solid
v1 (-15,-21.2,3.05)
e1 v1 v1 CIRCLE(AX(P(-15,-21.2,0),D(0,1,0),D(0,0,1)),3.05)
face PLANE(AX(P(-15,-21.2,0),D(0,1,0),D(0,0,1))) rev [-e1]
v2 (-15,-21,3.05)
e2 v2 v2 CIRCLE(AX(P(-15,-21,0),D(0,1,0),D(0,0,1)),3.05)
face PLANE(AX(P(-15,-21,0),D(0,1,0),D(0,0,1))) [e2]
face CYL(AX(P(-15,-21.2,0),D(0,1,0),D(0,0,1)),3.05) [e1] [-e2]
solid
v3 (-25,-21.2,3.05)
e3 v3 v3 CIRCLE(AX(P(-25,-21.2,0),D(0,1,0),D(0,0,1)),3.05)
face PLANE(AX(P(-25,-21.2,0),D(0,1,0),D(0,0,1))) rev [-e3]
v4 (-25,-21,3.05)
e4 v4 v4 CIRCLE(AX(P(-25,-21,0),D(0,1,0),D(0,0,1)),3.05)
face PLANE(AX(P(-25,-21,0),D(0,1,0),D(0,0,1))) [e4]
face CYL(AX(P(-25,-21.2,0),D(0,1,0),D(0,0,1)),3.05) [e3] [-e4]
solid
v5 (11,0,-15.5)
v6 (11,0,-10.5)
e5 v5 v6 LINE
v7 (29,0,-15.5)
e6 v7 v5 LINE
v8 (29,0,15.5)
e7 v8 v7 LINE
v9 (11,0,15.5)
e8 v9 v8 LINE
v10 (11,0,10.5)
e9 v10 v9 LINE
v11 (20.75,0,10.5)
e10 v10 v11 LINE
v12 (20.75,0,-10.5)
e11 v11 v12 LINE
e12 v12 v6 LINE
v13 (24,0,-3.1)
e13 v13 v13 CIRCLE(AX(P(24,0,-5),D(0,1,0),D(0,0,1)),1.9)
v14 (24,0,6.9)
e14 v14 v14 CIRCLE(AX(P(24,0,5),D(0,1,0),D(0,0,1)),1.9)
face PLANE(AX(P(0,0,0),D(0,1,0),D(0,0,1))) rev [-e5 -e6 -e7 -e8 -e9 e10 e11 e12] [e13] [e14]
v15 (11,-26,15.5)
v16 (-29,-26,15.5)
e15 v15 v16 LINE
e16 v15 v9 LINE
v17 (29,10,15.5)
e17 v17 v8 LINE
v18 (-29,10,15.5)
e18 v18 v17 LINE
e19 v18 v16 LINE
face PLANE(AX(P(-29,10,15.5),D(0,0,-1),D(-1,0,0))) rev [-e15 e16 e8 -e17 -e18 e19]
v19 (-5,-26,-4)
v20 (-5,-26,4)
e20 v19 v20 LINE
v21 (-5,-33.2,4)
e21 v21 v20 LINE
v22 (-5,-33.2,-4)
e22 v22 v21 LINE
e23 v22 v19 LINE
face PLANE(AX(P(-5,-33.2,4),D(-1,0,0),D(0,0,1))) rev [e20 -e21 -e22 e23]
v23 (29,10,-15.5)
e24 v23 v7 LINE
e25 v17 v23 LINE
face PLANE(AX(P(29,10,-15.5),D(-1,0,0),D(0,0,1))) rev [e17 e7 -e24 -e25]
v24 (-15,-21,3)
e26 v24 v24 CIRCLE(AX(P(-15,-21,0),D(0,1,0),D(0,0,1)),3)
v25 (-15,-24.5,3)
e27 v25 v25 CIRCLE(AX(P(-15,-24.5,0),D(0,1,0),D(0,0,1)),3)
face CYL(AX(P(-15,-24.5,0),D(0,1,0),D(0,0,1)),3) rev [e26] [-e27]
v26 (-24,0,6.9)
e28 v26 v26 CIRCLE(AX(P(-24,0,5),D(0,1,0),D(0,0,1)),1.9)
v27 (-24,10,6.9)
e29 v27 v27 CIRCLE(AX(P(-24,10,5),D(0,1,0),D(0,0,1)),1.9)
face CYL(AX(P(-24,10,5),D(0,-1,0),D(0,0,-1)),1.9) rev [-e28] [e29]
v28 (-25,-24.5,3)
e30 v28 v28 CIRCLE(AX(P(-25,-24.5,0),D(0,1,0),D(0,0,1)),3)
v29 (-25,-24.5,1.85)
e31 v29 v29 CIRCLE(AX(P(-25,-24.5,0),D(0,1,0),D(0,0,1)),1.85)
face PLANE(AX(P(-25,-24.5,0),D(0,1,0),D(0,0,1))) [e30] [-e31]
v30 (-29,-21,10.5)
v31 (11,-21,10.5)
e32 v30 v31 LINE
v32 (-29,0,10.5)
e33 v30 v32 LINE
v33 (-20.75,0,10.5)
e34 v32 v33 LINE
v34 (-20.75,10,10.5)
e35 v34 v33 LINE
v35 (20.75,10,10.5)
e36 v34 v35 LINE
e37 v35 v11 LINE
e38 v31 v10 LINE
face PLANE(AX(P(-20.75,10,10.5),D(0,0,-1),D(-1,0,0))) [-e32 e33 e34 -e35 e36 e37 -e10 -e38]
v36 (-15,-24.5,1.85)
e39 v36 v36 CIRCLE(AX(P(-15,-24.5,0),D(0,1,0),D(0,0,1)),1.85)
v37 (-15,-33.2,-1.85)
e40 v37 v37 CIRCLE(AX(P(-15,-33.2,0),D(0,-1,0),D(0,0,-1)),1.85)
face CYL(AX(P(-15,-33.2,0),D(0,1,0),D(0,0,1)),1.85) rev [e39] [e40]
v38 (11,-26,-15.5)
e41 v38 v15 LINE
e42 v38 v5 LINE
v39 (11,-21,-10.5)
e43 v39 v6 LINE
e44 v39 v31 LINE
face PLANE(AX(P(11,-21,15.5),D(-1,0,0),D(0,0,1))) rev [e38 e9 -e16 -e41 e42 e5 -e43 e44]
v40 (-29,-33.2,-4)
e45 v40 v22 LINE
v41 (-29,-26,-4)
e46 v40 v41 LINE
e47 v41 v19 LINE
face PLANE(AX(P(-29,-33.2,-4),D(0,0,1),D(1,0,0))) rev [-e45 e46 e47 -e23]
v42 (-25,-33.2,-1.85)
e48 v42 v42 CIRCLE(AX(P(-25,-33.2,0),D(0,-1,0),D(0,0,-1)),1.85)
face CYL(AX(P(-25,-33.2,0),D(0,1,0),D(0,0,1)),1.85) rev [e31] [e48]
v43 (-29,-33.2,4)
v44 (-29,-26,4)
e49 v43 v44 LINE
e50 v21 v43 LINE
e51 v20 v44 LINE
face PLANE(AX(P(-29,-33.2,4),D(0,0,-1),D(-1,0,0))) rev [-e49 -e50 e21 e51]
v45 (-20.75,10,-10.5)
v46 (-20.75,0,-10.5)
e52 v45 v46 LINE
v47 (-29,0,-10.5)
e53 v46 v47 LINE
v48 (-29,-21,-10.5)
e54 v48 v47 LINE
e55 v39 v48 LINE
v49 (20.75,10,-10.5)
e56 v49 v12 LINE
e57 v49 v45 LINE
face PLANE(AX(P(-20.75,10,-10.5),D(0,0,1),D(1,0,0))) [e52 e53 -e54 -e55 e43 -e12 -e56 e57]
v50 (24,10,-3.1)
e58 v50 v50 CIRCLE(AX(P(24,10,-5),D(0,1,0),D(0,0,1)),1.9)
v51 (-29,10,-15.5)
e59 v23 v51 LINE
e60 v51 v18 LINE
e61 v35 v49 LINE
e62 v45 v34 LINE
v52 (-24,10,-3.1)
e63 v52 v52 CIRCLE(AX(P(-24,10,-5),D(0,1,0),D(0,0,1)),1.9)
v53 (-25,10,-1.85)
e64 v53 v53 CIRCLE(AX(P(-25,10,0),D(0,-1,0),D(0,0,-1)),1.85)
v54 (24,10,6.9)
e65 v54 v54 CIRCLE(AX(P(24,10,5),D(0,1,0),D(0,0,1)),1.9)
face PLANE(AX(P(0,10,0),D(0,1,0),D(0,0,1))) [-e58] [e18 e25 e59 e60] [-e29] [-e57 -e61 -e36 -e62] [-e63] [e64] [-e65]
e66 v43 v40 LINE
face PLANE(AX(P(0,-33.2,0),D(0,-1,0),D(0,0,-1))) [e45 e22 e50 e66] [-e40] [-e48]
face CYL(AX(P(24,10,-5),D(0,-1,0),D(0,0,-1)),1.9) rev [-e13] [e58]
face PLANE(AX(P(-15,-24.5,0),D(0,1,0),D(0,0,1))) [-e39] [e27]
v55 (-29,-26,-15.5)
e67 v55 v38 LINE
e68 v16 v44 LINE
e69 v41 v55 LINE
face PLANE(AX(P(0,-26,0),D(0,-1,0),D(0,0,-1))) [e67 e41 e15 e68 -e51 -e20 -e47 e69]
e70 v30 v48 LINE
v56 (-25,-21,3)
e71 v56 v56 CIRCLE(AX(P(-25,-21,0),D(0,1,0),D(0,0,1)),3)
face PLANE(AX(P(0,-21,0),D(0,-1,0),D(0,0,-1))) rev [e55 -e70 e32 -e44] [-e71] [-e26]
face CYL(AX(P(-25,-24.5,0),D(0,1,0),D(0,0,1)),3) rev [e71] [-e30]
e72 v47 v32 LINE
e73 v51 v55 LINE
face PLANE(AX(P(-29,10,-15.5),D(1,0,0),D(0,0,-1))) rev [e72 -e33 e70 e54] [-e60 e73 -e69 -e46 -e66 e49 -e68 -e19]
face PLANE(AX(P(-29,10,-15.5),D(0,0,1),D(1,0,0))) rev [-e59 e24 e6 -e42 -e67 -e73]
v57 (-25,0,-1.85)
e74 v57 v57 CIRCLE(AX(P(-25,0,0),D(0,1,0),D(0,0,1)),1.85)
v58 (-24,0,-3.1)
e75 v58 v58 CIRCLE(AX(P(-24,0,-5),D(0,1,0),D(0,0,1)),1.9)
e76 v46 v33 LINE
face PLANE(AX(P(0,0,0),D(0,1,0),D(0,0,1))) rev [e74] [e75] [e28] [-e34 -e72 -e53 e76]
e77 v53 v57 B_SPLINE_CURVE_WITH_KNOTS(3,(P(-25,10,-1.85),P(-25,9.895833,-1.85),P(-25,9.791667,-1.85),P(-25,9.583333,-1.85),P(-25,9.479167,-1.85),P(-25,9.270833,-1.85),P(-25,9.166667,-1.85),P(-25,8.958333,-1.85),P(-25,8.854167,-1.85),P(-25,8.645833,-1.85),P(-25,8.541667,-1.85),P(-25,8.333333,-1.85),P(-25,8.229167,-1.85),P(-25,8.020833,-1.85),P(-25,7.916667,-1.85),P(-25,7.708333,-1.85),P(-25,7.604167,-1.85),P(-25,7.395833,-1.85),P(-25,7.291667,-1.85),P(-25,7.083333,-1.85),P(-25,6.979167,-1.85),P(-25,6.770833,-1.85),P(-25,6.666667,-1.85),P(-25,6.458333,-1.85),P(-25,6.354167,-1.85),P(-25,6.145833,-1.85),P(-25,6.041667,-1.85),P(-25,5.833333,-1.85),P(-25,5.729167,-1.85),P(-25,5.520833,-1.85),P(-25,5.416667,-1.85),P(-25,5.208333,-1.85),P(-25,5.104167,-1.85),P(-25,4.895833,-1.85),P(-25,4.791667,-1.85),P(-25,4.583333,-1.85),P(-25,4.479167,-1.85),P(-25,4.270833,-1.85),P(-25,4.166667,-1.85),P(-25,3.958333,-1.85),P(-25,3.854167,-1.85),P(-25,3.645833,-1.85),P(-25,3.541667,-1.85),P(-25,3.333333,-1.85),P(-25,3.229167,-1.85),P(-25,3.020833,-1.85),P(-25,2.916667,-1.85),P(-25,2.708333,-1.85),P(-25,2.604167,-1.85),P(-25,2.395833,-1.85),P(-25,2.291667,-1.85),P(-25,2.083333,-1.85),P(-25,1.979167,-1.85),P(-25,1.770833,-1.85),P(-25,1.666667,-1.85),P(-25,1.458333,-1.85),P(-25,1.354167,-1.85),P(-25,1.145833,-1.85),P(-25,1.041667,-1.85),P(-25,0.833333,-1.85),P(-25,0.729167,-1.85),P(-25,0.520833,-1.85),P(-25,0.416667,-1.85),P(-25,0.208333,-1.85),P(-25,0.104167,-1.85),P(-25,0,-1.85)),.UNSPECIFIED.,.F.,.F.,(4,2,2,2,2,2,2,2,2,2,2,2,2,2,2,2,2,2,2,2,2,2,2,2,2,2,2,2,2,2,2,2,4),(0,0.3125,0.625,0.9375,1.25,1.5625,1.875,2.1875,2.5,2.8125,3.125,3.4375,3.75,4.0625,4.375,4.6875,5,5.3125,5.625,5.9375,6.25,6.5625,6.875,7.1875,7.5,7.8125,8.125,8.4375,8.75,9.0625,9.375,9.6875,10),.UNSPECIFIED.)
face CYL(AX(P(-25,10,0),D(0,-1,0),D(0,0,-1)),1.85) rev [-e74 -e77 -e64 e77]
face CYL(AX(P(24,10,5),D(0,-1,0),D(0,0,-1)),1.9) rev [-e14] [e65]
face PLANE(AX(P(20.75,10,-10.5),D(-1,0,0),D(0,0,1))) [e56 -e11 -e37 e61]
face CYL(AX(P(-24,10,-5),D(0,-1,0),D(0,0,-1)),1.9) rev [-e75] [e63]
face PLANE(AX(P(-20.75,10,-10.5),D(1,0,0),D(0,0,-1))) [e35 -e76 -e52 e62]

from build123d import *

# Parameters (mm, degrees)
CROQUIS1_W                = 58
CROQUIS1_H                = 31
CROQUIS1_R                = 1.9
CROQUIS1_W_2              = 41.5
CROQUIS1_H_2              = 21
SALIENTE_EXTRUIR1_DEPTH   = 10
CROQUIS2_W                = 40
CROQUIS2_H                = 5
SALIENTE_EXTRUIR2_DEPTH   = 21
CROQUIS3_W                = 40
CROQUIS3_H                = 31
SALIENTE_EXTRUIR3_DEPTH   = 5
CROQUIS4_W                = 24
CROQUIS4_H                = 8
CROQUIS4_R                = 1.85
SALIENTE_EXTRUIR4_DEPTH   = 7.2
CROQUIS5_R                = 1.85
CORTAR_EXTRUIR1_DEPTH     = 55.290791116
CROQUIS6_R                = 3
CORTAR_EXTRUIR2_DEPTH     = 3.5
CROQUIS7_R                = 3.05
SALIENTE_EXTRUIR5_DEPTH   = 0.2
SALIENTE_EXTRUIR5_2_DEPTH = 0.2


with BuildPart() as part:
    # Croquis1 → Saliente-Extruir1 (new body)
    with BuildSketch(Plane(origin=(0, 0, 0), x_dir=(1, 0, 0), z_dir=(0, 1, 0))):
        Rectangle(CROQUIS1_W, CROQUIS1_H)
        with Locations(Location((-24, -5, 0), (0, 0, 270))):
            Circle(CROQUIS1_R, mode=Mode.SUBTRACT)
        with Locations(Location((24, -5, 0), (0, 0, 270))):
            Circle(CROQUIS1_R, mode=Mode.SUBTRACT)
        with Locations(Location((24, 5, 0), (0, 0, 270))):
            Circle(CROQUIS1_R, mode=Mode.SUBTRACT)
        with Locations(Location((-24, 5, 0), (0, 0, 270))):
            Circle(CROQUIS1_R, mode=Mode.SUBTRACT)
        Rectangle(CROQUIS1_W_2, CROQUIS1_H_2, mode=Mode.SUBTRACT)
    extrude(amount=SALIENTE_EXTRUIR1_DEPTH)

    # Croquis2 → Saliente-Extruir2 (add)
    with BuildSketch(Plane.XZ):
        with Locations((-9, 13)):
            Rectangle(CROQUIS2_W, CROQUIS2_H)
        with Locations((-9, -13)):
            Rectangle(CROQUIS2_W, CROQUIS2_H)
    extrude(amount=SALIENTE_EXTRUIR2_DEPTH)

    # Croquis3 → Saliente-Extruir3 (add)
    with BuildSketch(Plane.XZ.offset(21)):
        with Locations((-9, 0)):
            Rectangle(CROQUIS3_W, CROQUIS3_H)
    extrude(amount=SALIENTE_EXTRUIR3_DEPTH)

    # Croquis4 → Saliente-Extruir4 (add)
    with BuildSketch(Plane.XZ.offset(26)):
        with Locations((-17, 0)):
            Rectangle(CROQUIS4_W, CROQUIS4_H)
        with Locations(Location((-25, 0, 0), (0, 0, 270))):
            Circle(CROQUIS4_R, mode=Mode.SUBTRACT)
        with Locations(Location((-15, 0, 0), (0, 0, 270))):
            Circle(CROQUIS4_R, mode=Mode.SUBTRACT)
    extrude(amount=SALIENTE_EXTRUIR4_DEPTH)

    # Croquis5 → Cortar-Extruir1 (cut, through all)
    with BuildSketch(Plane.XZ.offset(33.2)):
        with Locations(Location((-25, 0, 0), (0, 0, 270))):
            Circle(CROQUIS5_R)
        with Locations(Location((-15, 0, 0), (0, 0, 270))):
            Circle(CROQUIS5_R)
    extrude(amount=-CORTAR_EXTRUIR1_DEPTH, mode=Mode.SUBTRACT)

    # Croquis6 → Cortar-Extruir2 (cut)
    with BuildSketch(Plane(origin=(0, -21, 0), x_dir=(1, 0, 0), z_dir=(0, 1, 0))):
        with Locations(Location((-25, 0, 0), (0, 0, 270))):
            Circle(CROQUIS6_R)
        with Locations(Location((-15, 0, 0), (0, 0, 270))):
            Circle(CROQUIS6_R)
    extrude(amount=-CORTAR_EXTRUIR2_DEPTH, mode=Mode.SUBTRACT)


with BuildPart() as body_2:
    # Croquis7 → Saliente-Extruir5 (new body)
    with BuildSketch(Plane(origin=(0, -21, 0), x_dir=(1, 0, 0), z_dir=(0, 1, 0))):
        with Locations(Location((-25, 0, 0), (0, 0, 270))):
            Circle(CROQUIS7_R)
    extrude(amount=-SALIENTE_EXTRUIR5_DEPTH)


with BuildPart() as body_3:
    # Croquis7 → Saliente-Extruir5 2 (new body)
    with BuildSketch(Plane(origin=(0, -21, 0), x_dir=(1, 0, 0), z_dir=(0, 1, 0))):
        with Locations(Location((-15, 0, 0), (0, 0, 270))):
            Circle(CROQUIS7_R)
    extrude(amount=-SALIENTE_EXTRUIR5_2_DEPTH)


solid = Compound([part.part, body_2.part, body_3.part])
